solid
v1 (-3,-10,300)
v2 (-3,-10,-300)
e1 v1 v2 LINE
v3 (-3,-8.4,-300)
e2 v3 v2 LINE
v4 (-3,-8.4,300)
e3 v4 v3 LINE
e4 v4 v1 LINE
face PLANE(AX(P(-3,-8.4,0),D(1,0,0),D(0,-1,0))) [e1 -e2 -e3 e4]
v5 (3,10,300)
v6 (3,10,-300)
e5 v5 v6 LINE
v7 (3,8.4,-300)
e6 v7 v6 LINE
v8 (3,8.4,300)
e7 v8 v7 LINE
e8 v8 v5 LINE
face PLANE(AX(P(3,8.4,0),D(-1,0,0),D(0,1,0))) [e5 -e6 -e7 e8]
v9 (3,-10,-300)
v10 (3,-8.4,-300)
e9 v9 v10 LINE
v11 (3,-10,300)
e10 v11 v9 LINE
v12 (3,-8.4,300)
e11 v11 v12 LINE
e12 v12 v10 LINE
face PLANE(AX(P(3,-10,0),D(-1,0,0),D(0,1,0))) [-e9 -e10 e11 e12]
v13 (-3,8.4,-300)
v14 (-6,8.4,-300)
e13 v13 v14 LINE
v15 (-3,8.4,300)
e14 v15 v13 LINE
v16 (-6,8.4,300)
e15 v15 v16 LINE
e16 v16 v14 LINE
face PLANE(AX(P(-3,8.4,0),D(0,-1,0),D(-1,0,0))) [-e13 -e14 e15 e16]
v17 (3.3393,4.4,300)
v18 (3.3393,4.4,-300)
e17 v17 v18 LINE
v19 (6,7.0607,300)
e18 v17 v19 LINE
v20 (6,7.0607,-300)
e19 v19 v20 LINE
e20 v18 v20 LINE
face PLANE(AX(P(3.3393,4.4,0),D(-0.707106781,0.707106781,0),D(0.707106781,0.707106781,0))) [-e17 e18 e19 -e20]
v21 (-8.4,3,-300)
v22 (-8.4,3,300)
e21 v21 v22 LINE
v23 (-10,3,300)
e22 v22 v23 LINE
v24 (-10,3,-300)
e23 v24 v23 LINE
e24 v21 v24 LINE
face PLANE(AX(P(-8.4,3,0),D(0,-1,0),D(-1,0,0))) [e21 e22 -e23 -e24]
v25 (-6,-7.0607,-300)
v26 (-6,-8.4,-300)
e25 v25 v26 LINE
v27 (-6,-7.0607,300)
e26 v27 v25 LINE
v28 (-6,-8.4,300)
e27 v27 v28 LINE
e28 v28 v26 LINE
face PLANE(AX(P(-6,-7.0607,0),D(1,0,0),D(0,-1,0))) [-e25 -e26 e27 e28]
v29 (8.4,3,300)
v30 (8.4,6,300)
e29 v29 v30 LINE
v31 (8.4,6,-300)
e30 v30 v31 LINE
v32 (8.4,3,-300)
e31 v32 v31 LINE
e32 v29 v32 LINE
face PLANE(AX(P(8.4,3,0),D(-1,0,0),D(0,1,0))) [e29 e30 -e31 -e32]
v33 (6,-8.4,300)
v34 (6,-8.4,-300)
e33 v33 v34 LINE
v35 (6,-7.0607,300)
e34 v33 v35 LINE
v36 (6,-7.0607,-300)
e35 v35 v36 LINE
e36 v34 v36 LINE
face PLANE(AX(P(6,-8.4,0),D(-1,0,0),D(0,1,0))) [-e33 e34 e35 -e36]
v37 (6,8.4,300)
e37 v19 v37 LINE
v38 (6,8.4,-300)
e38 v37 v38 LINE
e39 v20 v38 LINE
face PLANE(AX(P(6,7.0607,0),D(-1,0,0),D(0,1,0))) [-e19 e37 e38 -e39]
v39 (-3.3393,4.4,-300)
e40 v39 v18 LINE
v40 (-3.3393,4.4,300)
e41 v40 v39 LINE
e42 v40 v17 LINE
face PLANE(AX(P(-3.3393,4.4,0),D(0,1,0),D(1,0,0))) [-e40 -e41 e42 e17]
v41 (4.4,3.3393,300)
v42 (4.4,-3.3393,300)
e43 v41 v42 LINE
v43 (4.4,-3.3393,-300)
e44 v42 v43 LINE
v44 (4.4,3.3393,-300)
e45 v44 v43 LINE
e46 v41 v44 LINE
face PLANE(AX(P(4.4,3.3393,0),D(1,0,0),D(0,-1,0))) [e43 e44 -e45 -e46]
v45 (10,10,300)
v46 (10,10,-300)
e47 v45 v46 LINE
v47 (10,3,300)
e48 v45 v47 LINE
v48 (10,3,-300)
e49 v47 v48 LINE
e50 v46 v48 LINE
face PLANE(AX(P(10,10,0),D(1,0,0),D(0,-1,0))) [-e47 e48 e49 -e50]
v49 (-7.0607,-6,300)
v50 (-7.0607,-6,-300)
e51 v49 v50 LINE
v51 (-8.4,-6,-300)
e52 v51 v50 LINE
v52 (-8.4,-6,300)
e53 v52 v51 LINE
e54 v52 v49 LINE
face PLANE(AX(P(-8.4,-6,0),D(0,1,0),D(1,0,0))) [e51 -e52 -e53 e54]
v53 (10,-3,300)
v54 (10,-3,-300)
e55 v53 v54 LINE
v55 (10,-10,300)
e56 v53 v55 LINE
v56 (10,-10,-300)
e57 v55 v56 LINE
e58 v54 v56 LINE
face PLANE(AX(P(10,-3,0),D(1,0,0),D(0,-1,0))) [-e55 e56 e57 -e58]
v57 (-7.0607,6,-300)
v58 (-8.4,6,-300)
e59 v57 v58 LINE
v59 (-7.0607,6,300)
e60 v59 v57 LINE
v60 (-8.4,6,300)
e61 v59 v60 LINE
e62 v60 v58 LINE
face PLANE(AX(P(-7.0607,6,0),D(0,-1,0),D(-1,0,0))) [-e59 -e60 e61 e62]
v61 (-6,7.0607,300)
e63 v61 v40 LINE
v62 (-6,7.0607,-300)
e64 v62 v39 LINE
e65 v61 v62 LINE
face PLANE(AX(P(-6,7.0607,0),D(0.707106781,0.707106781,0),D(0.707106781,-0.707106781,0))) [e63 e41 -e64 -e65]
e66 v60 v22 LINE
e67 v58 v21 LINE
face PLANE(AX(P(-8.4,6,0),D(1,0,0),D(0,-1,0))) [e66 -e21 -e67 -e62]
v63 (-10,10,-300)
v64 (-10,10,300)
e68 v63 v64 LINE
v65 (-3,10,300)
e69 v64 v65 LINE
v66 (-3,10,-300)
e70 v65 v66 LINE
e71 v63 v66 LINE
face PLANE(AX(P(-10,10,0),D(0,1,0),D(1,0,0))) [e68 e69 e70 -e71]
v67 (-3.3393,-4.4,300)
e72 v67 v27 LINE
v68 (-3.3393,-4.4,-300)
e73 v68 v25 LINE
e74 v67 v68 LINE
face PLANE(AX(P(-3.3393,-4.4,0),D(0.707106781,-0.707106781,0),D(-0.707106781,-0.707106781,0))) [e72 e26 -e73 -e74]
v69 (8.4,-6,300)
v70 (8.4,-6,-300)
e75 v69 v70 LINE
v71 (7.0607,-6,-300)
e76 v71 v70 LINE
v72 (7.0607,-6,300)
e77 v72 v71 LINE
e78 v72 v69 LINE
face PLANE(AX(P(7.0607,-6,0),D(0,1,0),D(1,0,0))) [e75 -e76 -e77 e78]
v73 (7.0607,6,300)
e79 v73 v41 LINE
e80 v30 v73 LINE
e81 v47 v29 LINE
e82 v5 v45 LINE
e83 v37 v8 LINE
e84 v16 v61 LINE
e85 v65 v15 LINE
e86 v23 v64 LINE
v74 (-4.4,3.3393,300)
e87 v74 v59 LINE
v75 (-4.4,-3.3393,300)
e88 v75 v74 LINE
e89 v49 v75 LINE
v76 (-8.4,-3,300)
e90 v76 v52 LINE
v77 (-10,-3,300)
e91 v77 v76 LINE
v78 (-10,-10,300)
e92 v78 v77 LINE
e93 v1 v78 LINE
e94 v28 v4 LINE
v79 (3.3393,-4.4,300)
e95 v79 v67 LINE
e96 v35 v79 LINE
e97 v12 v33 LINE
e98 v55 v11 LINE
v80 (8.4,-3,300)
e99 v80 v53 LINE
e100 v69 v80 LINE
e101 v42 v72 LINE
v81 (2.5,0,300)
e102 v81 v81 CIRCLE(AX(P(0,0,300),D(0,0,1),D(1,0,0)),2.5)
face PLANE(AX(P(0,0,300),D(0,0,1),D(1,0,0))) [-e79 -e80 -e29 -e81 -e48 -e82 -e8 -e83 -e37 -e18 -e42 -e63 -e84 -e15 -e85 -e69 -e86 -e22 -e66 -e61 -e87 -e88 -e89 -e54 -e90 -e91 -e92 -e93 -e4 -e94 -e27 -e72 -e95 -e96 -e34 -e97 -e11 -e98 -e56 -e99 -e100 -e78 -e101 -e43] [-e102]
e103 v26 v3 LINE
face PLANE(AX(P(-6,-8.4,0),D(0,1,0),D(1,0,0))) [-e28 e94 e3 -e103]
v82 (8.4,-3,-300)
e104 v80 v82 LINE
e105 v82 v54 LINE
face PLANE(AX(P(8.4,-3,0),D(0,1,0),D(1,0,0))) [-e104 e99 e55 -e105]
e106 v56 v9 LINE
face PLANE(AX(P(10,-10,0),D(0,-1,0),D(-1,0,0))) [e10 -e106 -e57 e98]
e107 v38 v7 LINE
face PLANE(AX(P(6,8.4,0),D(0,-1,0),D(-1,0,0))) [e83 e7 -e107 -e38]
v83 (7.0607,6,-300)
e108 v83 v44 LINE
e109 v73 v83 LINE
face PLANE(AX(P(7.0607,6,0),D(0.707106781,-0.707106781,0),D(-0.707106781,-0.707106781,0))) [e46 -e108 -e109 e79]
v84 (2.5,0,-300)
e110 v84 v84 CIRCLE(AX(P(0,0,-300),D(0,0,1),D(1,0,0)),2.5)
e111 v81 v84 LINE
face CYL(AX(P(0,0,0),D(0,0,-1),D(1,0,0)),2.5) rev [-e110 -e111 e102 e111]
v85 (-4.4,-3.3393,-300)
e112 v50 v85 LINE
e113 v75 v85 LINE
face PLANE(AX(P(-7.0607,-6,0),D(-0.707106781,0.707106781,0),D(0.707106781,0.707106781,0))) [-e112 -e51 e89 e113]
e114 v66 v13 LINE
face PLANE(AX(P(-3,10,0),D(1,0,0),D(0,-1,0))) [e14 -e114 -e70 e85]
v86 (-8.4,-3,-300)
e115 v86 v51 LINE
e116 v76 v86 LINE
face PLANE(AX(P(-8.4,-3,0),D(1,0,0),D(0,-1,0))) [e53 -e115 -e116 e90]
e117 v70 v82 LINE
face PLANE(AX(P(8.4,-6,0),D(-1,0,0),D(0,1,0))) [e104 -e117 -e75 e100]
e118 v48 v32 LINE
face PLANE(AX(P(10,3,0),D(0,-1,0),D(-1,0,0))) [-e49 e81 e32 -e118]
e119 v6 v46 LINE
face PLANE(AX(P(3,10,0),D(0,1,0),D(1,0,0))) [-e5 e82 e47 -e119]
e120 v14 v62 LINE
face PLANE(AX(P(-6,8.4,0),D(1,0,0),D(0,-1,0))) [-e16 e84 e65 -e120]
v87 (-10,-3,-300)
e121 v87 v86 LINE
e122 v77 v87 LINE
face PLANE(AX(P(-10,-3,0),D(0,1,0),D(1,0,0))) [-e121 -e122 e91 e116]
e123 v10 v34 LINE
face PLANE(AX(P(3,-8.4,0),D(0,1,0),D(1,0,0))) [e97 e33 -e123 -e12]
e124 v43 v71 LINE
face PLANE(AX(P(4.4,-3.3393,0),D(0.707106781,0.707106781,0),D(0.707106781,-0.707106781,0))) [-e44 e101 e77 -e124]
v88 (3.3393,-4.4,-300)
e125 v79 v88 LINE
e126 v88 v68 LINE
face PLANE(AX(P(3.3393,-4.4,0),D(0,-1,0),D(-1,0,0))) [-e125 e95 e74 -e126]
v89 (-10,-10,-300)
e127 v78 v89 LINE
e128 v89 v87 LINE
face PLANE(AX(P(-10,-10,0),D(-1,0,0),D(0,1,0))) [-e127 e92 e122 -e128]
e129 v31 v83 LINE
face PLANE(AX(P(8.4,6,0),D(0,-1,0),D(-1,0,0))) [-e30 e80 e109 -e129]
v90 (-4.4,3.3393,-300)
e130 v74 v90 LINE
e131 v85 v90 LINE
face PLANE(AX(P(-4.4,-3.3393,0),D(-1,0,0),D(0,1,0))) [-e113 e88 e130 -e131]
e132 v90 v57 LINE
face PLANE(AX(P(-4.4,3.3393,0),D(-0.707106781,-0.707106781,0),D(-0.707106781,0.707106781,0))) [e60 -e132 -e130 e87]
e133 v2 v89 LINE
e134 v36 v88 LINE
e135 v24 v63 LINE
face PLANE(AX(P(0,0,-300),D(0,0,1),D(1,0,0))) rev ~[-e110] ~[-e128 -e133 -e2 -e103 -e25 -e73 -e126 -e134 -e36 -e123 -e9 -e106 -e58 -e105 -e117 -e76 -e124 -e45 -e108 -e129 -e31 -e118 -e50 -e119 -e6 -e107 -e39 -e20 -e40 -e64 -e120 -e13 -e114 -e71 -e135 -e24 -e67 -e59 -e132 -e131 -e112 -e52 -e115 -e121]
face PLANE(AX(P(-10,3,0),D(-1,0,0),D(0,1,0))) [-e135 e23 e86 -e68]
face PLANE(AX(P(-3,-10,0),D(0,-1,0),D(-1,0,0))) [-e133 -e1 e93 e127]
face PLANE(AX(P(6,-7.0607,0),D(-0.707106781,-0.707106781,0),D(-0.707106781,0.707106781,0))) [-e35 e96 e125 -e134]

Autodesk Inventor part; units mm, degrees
sketch "スケッチ1" plane through (0, 0, 0) normal (0, 0, 1) x (1, 0, 0)
  circle A0 centre (0, 0) radius 2.5
  line L0 (-10, 10) -> (10, 10) construction
  line L1 (10, 10) -> (10, -10) construction
  line L2 (10, -10) -> (-10, -10) construction
  line L3 (-10, -10) -> (-10, 10) construction
  line L4 (-3, 10) -> (-3, 8.4) construction
  line L5 (-3, 8.4) -> (-6, 8.4) construction
  line L6 (-6, 8.4) -> (-6, 7.0607) construction
  line L7 (-6, 7.0607) -> (-3.3393, 4.4) construction
  line L8 (-3.3393, 4.4) -> (3.3393, 4.4) construction
  line L9 (3.3393, 4.4) -> (6, 7.0607) construction
  line L10 (6, 7.0607) -> (6, 8.4) construction
  line L11 (6, 8.4) -> (3, 8.4) construction
  line L12 (3, 8.4) -> (3, 10) construction
  line L13 (-10, 10) -> (10, -10) construction
  line L14 (-10, 10) -> (-3, 10)
  line L15 (-3, 10) -> (-3, 8.4)
  line L16 (-3, 8.4) -> (-6, 8.4)
  line L17 (-6, 8.4) -> (-6, 7.0607)
  line L18 (-6, 7.0607) -> (-3.3393, 4.4)
  line L19 (-3.3393, 4.4) -> (3.3393, 4.4)
  line L20 (3.3393, 4.4) -> (6, 7.0607)
  line L21 (6, 7.0607) -> (6, 8.4)
  line L22 (6, 8.4) -> (3, 8.4)
  line L23 (3, 8.4) -> (3, 10)
  line L24 (3, 10) -> (10, 10)
  line L25 (-10, -10) -> (-10, -3)
  line L26 (-10, -3) -> (-8.4, -3)
  line L27 (-8.4, -3) -> (-8.4, -6)
  line L28 (-8.4, -6) -> (-7.0607, -6)
  line L29 (-7.0607, -6) -> (-4.4, -3.3393)
  line L30 (-4.4, -3.3393) -> (-4.4, 3.3393)
  line L31 (-4.4, 3.3393) -> (-7.0607, 6)
  line L32 (-8.4, 6) -> (-8.4, 3)
  line L33 (-7.0607, 6) -> (-8.4, 6)
  line L34 (-8.4, 3) -> (-10, 3)
  line L35 (-10, 3) -> (-10, 10)
  line L36 (10, -10) -> (3, -10)
  line L37 (3, -10) -> (3, -8.4)
  line L38 (3, -8.4) -> (6, -8.4)
  line L39 (6, -8.4) -> (6, -7.0607)
  line L40 (6, -7.0607) -> (3.3393, -4.4)
  line L41 (3.3393, -4.4) -> (-3.3393, -4.4)
  line L42 (-3.3393, -4.4) -> (-6, -7.0607)
  line L43 (-6, -8.4) -> (-3, -8.4)
  line L44 (-6, -7.0607) -> (-6, -8.4)
  line L45 (-3, -8.4) -> (-3, -10)
  line L46 (-3, -10) -> (-10, -10)
  line L47 (10, 10) -> (10, 3)
  line L48 (10, 3) -> (8.4, 3)
  line L49 (8.4, 3) -> (8.4, 6)
  line L50 (8.4, 6) -> (7.0607, 6)
  line L51 (7.0607, 6) -> (4.4, 3.3393)
  line L52 (4.4, 3.3393) -> (4.4, -3.3393)
  line L53 (4.4, -3.3393) -> (7.0607, -6)
  line L54 (8.4, -6) -> (8.4, -3)
  line L55 (7.0607, -6) -> (8.4, -6)
  line L56 (8.4, -3) -> (10, -3)
  line L57 (10, -3) -> (10, -10)
  point P0 (-10, 0)
  point P1 (0, 10)
  dimension "d0" = 20
  dimension "d1" = 20
  dimension "d2" = 6
  dimension "d3" = 3
  dimension "d4" = 1.6
  dimension "d5" = 4
  dimension "d6" = 12
  dimension "d7" = 6
  dimension "d8" = 135
  dimension "d9" = 135
  dimension "d10" = 0.75
  dimension "d11" = 5
  dimension "d14" = 360
extrude "押し出し1" add sketch "スケッチ1" along normal mid plane 600
equation "\"d7\" = 0.5 * d6"
equation "\"d9\" = d8"
properties part number "l600"
